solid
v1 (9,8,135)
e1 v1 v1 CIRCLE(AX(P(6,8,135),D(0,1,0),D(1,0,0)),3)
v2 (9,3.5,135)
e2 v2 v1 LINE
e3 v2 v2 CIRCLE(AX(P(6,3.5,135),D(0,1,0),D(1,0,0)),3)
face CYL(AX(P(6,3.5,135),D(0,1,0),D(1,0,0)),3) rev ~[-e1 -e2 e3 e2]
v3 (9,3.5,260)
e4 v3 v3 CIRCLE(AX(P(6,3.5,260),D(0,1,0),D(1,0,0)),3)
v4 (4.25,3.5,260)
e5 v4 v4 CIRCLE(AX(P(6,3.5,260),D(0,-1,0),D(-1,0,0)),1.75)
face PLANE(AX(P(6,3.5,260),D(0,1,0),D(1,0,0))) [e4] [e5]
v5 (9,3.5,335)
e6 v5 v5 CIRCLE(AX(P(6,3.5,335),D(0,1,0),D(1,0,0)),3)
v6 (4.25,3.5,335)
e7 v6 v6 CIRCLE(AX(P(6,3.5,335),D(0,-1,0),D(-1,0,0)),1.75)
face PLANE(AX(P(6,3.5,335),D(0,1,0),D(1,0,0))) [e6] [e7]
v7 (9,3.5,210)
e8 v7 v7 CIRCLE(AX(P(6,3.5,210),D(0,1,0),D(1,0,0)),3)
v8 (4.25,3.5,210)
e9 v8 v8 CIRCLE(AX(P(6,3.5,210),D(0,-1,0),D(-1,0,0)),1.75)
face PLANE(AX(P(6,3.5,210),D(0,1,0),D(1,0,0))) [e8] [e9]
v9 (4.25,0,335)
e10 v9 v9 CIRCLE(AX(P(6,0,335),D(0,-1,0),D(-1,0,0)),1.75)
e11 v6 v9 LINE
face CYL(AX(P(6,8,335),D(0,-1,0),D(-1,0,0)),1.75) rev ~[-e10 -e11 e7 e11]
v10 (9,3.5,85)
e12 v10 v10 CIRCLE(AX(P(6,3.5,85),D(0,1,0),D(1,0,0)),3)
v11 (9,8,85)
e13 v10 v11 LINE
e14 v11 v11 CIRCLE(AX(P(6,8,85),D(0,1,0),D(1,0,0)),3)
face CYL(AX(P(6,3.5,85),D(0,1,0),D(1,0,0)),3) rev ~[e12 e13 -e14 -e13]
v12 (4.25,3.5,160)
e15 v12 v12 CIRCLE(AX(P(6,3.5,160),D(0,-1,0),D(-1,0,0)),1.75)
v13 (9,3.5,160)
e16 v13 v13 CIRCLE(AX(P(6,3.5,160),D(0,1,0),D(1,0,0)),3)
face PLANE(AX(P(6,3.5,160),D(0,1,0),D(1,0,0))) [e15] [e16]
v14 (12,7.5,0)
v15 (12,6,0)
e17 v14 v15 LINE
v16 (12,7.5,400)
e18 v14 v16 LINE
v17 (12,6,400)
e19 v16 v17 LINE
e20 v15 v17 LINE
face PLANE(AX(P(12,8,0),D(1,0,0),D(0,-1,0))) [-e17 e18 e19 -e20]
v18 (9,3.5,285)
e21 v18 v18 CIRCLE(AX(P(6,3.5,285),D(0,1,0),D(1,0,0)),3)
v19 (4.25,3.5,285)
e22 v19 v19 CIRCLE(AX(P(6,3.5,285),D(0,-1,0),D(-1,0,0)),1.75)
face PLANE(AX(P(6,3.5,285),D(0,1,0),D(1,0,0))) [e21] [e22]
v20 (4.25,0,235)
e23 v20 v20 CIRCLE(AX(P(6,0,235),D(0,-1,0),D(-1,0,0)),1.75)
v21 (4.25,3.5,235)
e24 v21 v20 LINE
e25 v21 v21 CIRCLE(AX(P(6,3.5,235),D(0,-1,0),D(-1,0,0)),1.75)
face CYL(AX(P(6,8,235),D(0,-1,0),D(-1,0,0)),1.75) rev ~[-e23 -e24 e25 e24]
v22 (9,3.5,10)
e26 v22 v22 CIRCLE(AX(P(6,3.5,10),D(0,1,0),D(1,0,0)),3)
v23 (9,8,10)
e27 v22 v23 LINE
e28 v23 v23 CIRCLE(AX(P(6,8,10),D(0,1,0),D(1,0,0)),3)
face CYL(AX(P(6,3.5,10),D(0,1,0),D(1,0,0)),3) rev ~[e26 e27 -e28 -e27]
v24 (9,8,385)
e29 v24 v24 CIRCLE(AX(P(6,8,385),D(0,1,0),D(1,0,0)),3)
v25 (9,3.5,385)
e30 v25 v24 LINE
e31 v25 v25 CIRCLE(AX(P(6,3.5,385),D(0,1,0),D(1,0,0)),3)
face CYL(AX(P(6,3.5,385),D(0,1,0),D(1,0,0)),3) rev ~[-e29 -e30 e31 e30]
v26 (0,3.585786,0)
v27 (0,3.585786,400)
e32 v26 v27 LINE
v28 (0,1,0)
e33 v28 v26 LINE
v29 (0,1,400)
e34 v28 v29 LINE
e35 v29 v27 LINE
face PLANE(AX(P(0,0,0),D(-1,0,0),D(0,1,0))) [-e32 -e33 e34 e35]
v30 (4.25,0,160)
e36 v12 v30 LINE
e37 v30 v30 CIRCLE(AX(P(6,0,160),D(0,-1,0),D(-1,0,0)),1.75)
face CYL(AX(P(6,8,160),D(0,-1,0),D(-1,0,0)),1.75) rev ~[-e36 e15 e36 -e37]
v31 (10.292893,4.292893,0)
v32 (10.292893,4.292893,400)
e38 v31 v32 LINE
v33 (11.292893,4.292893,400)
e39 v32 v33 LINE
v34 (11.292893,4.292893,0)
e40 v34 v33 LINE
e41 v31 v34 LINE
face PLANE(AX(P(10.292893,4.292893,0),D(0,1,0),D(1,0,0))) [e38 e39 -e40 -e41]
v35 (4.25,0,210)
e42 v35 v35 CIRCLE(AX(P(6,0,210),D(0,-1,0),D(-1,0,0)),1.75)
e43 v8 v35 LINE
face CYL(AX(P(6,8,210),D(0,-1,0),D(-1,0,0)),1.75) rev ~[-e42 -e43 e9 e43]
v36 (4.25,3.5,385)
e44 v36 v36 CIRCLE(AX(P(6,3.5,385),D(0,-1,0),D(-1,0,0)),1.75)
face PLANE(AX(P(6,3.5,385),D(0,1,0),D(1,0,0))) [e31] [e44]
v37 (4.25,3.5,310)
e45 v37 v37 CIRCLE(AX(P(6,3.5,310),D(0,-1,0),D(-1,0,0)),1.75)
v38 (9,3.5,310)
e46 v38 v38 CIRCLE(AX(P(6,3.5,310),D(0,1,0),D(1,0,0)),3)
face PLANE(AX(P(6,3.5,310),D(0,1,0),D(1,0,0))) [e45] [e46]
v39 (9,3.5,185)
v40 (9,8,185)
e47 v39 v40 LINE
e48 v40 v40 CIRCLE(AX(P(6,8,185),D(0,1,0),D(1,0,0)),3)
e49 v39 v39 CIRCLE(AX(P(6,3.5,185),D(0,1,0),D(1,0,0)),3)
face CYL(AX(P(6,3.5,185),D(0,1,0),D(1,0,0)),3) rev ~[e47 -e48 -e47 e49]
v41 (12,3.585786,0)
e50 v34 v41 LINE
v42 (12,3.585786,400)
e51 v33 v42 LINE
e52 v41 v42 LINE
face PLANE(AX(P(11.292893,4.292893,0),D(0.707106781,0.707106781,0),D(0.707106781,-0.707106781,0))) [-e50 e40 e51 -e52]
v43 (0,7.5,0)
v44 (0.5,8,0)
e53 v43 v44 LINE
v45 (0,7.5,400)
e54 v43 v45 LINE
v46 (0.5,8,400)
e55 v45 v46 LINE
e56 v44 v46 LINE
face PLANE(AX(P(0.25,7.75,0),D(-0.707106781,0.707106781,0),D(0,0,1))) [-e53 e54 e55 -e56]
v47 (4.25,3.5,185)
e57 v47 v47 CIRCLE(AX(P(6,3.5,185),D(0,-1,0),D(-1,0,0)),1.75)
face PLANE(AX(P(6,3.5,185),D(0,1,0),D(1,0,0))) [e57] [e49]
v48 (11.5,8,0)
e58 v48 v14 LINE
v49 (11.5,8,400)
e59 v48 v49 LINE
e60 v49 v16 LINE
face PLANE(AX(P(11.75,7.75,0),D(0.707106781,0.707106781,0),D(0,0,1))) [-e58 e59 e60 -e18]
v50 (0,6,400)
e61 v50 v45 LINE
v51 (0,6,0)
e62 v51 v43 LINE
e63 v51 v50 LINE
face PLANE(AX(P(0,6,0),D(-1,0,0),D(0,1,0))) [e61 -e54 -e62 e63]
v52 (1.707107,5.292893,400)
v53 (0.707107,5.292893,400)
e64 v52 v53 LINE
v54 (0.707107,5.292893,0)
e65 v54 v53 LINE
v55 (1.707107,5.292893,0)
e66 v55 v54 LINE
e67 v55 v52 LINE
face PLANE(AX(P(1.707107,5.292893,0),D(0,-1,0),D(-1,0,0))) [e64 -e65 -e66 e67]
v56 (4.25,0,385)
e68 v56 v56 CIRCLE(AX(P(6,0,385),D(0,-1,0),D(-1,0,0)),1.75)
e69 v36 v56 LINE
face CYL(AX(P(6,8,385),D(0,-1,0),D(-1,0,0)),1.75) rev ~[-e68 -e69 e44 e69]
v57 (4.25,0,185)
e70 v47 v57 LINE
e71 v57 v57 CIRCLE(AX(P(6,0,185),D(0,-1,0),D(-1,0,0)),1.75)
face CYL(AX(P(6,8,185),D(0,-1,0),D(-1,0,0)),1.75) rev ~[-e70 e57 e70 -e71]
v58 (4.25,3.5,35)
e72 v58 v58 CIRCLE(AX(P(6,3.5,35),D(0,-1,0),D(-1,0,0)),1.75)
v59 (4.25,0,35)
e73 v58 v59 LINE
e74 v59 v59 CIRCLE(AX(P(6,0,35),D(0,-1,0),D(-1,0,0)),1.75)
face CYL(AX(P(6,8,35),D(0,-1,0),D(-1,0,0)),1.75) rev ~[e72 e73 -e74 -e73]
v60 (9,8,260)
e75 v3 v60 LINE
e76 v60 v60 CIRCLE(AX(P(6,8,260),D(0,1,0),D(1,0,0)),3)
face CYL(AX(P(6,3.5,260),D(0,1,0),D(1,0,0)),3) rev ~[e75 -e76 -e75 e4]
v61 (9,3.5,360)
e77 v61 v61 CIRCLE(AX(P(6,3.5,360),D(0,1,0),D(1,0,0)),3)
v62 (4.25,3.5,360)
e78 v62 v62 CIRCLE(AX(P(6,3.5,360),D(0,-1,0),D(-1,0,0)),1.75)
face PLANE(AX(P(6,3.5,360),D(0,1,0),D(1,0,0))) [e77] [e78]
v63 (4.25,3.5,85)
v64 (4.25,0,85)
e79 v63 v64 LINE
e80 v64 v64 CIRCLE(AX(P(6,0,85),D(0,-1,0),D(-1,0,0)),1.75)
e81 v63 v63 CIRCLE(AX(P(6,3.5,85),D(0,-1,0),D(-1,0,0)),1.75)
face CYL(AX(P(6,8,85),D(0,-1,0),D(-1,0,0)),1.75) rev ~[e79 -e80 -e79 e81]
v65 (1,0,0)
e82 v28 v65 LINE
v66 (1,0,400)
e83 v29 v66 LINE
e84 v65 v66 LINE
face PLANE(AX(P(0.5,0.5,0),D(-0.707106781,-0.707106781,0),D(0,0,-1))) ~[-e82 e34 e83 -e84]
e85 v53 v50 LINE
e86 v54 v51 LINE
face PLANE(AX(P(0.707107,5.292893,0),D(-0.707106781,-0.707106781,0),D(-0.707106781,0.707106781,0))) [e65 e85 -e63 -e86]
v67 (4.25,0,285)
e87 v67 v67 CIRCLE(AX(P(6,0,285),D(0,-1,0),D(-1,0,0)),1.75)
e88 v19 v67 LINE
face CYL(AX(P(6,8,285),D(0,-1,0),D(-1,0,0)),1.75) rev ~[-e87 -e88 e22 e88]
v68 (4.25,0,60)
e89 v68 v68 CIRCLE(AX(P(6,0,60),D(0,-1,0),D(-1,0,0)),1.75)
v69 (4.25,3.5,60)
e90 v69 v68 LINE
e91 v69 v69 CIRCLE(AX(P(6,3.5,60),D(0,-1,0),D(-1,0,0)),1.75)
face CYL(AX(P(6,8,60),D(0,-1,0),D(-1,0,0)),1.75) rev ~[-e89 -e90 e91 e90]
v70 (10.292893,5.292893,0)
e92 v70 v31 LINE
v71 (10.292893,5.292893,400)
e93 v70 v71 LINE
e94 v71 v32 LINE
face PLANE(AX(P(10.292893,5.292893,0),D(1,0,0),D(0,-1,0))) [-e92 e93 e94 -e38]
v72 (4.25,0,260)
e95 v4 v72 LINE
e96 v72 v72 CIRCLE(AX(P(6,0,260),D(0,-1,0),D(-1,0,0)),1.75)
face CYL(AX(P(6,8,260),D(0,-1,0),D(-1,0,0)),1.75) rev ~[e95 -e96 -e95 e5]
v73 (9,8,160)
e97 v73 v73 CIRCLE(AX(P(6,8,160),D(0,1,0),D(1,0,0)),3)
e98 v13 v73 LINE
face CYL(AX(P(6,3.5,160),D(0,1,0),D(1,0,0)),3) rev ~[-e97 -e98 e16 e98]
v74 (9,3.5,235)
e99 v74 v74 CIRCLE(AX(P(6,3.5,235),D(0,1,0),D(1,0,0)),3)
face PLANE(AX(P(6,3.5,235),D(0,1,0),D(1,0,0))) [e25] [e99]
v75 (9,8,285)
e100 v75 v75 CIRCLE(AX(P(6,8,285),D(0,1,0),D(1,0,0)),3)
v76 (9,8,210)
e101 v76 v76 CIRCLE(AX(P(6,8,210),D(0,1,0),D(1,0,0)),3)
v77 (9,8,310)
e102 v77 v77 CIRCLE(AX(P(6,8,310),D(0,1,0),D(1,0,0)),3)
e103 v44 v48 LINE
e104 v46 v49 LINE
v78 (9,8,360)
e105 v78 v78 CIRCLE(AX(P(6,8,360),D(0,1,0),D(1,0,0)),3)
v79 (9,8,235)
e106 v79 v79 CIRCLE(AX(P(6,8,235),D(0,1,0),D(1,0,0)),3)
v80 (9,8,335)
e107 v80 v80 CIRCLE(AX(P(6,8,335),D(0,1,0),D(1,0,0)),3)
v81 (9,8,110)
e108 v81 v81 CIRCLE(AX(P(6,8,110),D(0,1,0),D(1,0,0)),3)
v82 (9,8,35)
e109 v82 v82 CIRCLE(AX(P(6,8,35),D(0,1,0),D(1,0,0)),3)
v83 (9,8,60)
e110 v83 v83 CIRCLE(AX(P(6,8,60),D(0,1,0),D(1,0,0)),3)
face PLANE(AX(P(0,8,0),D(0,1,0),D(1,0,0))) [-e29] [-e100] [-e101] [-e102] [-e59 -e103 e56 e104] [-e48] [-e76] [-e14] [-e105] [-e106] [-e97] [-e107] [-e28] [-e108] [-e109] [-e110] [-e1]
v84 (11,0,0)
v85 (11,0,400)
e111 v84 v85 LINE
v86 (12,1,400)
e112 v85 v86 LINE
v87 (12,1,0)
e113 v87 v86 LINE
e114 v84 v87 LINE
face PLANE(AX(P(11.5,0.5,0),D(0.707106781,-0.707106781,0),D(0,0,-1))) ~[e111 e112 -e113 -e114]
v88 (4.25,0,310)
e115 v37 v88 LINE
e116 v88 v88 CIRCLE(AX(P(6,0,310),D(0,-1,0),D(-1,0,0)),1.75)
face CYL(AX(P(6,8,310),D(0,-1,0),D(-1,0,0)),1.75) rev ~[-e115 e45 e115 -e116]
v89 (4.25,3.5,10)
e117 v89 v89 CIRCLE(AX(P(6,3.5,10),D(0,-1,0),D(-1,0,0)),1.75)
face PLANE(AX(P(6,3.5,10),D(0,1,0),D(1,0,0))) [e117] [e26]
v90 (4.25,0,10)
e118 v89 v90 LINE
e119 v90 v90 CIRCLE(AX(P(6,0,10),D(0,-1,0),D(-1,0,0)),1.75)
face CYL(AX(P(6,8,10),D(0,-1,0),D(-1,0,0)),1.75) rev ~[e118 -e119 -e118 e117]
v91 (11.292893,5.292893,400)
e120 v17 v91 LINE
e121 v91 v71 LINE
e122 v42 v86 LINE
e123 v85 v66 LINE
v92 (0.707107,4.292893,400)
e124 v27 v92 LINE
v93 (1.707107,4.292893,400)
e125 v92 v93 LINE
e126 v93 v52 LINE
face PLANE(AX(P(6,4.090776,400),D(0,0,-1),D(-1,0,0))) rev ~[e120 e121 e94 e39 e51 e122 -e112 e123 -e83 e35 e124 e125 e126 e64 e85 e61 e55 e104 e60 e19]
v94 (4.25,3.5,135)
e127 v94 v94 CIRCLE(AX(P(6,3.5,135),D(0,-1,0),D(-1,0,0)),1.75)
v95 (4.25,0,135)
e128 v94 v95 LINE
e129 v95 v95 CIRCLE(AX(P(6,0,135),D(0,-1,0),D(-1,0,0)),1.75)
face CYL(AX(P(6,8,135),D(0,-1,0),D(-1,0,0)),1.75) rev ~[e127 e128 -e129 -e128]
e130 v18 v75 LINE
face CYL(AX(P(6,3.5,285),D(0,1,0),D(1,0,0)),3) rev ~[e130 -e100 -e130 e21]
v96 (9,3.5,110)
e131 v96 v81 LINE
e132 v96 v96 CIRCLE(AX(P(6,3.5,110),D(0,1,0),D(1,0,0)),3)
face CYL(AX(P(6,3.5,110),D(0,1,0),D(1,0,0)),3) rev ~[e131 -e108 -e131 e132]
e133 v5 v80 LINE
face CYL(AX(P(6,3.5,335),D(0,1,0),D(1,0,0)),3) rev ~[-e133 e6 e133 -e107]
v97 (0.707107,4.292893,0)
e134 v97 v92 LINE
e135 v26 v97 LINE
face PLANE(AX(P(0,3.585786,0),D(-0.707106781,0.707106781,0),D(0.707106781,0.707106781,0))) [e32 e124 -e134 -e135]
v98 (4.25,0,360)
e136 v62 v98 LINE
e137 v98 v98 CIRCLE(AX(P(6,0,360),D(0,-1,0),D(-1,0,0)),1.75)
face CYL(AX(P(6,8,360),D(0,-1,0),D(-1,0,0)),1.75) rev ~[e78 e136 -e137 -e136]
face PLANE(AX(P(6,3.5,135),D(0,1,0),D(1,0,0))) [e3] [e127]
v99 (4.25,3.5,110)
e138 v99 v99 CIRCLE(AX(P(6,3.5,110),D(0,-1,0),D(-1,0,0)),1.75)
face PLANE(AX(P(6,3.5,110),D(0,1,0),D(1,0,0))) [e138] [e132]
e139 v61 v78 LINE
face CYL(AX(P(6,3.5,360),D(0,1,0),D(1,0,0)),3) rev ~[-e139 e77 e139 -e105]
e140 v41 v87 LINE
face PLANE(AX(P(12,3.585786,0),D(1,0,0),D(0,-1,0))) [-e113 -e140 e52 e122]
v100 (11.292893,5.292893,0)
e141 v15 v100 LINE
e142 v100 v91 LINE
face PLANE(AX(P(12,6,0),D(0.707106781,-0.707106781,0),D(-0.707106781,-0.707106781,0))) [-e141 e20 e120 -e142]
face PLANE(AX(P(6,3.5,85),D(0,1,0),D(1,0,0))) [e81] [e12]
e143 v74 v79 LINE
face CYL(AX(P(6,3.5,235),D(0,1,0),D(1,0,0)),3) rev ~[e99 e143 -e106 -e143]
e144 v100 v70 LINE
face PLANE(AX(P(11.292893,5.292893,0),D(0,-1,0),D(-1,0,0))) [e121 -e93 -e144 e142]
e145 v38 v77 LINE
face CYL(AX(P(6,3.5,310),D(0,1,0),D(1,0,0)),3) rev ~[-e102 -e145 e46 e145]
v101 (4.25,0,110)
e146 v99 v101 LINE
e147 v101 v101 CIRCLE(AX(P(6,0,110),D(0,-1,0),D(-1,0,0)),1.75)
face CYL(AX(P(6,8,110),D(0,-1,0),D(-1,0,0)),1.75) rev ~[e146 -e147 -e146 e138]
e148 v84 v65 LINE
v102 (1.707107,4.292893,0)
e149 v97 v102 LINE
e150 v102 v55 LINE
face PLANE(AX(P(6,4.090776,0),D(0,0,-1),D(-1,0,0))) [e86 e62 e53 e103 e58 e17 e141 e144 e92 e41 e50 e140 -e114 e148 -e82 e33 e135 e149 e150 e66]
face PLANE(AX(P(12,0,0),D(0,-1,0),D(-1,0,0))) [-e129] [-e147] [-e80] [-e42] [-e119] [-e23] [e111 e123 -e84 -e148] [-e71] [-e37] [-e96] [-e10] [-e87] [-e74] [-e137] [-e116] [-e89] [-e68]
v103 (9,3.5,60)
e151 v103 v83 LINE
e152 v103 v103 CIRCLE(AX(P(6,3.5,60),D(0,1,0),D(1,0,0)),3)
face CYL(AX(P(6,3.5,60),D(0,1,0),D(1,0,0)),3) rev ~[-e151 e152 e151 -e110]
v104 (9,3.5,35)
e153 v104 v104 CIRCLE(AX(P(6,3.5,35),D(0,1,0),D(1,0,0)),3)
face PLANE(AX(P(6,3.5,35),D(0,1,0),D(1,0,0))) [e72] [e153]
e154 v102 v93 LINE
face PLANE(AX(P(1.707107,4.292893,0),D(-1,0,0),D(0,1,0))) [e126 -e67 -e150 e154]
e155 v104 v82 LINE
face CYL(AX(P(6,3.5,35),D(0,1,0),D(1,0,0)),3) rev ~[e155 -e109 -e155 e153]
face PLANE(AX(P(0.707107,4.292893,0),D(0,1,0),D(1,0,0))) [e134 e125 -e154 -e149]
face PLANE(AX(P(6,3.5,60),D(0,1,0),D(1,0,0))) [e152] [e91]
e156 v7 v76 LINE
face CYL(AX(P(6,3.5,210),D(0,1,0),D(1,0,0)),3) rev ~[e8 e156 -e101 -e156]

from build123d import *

# Parameters (mm, degrees)
MAIN_EXTRUSION_DEPTH             = 400
MOUNTING_HOLE_MASTER_D           = 3.5
MOUNTING_HOLE_MASTER_DEPTH       = 9.921567416
MOUNTING_HOLE_MASTER_CBORE_D     = 6
MOUNTING_HOLE_MASTER_CBORE_DEPTH = 4.5
MOUNTING_HOLES_PATTERN_COUNT     = 16
MOUNTING_HOLES_PATTERN_PITCH     = 25
RAIL_TOP_CHAMFER_SIZE            = 0.5
RAIL_BOTTOM_CHAMFER_SIZE         = 1


with BuildPart() as part:
    # MainProfile → Main Extrusion (new body)
    with BuildSketch(Plane.XY):
        Polygon((0, 0), (0, 3.585786438), (0.707106781, 4.292893219), (1.707106781, 4.292893219), (1.707106781, 5.292893219), (0.707106781, 5.292893219), (0, 6), (0, 8), (12, 8), (12, 6), (11.292893219, 5.292893219), (10.292893219, 5.292893219), (10.292893219, 4.292893219), (11.292893219, 4.292893219), (12, 3.585786438), (12, 0), align=None)
    extrude(amount=MAIN_EXTRUSION_DEPTH)

    # Mounting Hole Master
    with Locations(Plane(origin=(0, 8, 0), x_dir=(1, 0, 0), z_dir=(0, 1, 0))):
        with Locations((6, -10)):
            mounting_hole_master = CounterBoreHole(MOUNTING_HOLE_MASTER_D / 2, MOUNTING_HOLE_MASTER_CBORE_D / 2, MOUNTING_HOLE_MASTER_CBORE_DEPTH, depth=MOUNTING_HOLE_MASTER_DEPTH)

    # Mounting Holes Pattern: Mounting Hole Master ×16
    with Locations(*[(0, 0, i * MOUNTING_HOLES_PATTERN_PITCH) for i in range(1, MOUNTING_HOLES_PATTERN_COUNT)]):
        add(mounting_hole_master, mode=Mode.SUBTRACT)

    # Rail Top Chamfer
    rail_top_chamfer_edges = [part.edges().sort_by_distance(p)[0] for p in [
        (12, 8, 200),
        (0, 8, 200),
    ]]
    chamfer(rail_top_chamfer_edges, length=RAIL_TOP_CHAMFER_SIZE)

    # Rail Bottom Chamfer
    rail_bottom_chamfer_edges = [part.edges().sort_by_distance(p)[0] for p in [
        (0, 0, 200),
        (12, 0, 200),
    ]]
    chamfer(rail_bottom_chamfer_edges, length=RAIL_BOTTOM_CHAMFER_SIZE)


solid = part.part
